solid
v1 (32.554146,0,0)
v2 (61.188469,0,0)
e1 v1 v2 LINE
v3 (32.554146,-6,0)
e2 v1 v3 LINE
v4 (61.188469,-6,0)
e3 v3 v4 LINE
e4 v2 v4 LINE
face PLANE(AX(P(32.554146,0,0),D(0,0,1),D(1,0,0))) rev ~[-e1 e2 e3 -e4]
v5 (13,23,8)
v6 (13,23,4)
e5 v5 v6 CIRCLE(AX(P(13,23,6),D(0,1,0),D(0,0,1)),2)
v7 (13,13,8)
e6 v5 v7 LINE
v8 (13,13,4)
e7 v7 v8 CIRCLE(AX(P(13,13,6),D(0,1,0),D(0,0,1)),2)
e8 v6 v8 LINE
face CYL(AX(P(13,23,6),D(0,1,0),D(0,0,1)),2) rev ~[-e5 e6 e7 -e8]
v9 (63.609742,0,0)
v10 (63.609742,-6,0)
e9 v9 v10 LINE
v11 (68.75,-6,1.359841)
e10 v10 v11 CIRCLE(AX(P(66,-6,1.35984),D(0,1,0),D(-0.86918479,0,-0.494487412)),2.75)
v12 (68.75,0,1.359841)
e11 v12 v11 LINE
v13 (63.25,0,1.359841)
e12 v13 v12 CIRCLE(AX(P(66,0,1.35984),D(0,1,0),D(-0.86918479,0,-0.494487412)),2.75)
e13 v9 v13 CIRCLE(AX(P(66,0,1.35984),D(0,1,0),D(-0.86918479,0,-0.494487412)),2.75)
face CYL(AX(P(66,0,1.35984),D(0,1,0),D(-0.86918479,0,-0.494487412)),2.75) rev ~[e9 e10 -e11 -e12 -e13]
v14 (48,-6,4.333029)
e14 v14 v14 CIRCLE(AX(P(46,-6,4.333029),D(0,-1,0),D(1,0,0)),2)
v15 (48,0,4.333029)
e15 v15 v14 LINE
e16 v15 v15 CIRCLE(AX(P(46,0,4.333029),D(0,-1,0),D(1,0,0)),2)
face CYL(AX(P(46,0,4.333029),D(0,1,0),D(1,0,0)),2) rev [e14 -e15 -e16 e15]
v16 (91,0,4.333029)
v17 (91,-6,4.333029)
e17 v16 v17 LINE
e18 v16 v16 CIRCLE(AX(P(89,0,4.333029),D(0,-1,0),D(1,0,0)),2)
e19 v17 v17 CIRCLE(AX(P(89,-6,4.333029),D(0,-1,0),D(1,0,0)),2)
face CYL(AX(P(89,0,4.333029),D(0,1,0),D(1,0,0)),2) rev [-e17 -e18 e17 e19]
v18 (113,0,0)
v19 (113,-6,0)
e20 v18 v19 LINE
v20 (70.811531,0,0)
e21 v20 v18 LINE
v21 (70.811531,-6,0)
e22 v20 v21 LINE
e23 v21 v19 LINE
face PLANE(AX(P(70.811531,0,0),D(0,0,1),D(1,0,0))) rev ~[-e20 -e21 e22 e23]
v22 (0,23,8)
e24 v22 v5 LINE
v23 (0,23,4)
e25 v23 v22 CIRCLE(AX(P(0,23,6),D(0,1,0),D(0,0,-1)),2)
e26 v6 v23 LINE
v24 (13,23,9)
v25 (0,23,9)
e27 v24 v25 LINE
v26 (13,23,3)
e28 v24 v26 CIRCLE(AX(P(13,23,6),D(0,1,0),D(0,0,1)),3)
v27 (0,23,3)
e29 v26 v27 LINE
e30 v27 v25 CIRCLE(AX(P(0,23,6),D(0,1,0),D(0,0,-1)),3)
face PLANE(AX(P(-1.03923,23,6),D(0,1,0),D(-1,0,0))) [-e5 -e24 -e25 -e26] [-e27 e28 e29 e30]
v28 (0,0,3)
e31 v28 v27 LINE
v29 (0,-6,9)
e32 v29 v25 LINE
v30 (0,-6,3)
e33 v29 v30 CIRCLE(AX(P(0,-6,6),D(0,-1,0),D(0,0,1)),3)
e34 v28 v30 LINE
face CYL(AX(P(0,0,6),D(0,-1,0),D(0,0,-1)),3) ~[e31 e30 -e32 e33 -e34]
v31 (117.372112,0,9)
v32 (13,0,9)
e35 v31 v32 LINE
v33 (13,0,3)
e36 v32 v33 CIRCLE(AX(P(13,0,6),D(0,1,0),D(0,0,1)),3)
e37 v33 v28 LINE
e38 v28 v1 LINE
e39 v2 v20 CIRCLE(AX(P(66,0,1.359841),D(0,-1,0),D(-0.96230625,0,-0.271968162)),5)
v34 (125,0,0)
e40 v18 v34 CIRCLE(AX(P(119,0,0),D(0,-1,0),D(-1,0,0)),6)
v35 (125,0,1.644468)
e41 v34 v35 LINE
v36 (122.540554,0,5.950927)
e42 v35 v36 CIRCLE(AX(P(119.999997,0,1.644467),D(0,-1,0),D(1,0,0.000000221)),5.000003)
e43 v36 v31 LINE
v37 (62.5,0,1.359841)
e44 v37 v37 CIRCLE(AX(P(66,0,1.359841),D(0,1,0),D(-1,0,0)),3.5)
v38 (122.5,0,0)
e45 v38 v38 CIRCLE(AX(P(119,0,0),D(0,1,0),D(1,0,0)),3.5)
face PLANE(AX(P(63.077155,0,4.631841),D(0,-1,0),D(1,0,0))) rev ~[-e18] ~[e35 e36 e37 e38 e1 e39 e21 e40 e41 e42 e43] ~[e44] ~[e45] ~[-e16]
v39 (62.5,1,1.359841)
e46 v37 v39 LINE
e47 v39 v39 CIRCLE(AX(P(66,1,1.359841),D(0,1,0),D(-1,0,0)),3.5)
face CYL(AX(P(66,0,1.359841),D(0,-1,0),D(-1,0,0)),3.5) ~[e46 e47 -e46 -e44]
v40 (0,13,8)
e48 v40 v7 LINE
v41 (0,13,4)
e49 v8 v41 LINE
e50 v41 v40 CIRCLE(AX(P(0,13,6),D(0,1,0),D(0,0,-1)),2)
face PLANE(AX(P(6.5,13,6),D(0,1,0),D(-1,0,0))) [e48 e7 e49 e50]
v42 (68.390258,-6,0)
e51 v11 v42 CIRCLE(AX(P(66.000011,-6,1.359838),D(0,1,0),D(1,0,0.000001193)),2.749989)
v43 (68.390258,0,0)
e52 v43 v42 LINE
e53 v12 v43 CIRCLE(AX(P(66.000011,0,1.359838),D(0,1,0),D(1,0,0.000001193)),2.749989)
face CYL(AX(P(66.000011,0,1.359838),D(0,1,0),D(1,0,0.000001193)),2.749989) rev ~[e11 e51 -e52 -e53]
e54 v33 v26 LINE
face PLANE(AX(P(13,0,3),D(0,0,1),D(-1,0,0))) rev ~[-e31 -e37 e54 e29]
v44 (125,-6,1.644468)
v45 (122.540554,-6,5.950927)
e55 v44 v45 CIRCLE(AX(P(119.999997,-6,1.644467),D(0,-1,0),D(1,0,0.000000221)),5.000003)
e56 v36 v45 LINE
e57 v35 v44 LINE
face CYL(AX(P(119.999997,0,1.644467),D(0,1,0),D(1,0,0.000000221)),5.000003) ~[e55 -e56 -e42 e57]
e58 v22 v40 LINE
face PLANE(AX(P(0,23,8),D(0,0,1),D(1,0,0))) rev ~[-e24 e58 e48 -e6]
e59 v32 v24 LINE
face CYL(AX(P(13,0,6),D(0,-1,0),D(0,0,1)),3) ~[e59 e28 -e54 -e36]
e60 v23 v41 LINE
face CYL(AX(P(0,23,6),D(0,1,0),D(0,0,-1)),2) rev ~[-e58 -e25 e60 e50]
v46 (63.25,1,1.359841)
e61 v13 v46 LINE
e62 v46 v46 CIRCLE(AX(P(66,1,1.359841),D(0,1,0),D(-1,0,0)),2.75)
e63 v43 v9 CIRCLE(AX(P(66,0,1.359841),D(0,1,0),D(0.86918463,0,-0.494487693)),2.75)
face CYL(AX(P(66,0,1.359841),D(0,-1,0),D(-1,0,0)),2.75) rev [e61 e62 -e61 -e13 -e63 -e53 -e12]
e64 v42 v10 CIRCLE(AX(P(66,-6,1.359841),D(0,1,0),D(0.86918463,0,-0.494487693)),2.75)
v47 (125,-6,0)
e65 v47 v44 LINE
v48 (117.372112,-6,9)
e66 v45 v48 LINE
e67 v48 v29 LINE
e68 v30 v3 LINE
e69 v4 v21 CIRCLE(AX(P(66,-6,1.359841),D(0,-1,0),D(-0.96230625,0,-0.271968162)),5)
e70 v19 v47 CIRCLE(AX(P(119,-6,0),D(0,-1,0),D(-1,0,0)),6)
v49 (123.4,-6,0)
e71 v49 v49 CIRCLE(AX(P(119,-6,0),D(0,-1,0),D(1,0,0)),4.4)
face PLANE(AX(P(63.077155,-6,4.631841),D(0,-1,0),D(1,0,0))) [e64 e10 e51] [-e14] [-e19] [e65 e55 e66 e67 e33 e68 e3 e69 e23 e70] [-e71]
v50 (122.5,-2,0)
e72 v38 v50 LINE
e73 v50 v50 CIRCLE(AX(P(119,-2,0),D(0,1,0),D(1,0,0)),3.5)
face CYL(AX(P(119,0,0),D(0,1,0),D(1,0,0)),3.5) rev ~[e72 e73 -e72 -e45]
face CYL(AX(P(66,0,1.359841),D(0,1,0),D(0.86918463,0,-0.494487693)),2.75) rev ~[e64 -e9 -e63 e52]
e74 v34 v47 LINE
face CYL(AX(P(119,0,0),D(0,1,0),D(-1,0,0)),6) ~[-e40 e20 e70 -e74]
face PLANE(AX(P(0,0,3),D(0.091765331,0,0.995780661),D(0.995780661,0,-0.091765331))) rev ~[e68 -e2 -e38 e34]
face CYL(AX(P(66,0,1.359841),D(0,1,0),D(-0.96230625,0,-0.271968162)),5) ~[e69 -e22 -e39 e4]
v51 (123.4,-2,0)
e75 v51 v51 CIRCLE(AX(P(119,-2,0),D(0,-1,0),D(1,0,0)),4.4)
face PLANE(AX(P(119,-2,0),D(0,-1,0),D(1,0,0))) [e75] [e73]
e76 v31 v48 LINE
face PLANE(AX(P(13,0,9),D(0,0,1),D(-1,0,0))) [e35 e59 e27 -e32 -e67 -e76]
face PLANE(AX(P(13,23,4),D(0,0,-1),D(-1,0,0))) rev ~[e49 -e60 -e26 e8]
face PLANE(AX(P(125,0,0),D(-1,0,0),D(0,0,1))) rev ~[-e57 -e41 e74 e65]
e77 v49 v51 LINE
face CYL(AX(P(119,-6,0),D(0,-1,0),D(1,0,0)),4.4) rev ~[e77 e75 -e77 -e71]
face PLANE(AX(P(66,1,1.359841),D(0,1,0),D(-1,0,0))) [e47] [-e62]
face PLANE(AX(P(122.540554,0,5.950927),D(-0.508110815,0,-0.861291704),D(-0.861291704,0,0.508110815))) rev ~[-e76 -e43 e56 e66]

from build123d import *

# Parameters (mm, degrees)
F0_R     = 2
F1_DEPTH = 6
F2_R     = 3.5
F2_R_2   = 2.75
F3_DEPTH = 1
F4_R     = 4.4
F5_DEPTH = 4
F6_W     = 13
F6_H     = 6
F7_DEPTH = 23
F9_DEPTH = 10


with BuildPart() as f1:
    # F0 (on Front) → F1 (new body)
    with BuildSketch(Plane.XZ):
        with BuildLine():
            Line((0, 3), (32.554146, 0))
            Line((32.554146, 0), (61.188469, 0))
            Line((61.188469, 0), (63.609742, 0))
            ThreePointArc((63.609742, 0), (65.29669, 4.018384), (68.75, 1.359841))
            ThreePointArc((68.75, 1.359841), (68.658544, 0.65653), (68.390258, 0))
            Line((68.390258, 0), (70.811531, 0))
            Line((70.811531, 0), (113, 0))
            Line((113, 0), (115.5, 0))
            ThreePointArc((115.5, 0), (119, 3.5), (122.5, 0))
            Line((122.5, 0), (125, 0))
            Line((125, 0), (125, 1.644468))
            ThreePointArc((125, 1.644468), (124.341818, 4.124108), (122.540554, 5.950927))
            Line((122.540554, 5.950927), (117.372112, 9))
            Line((117.372112, 9), (0, 9))
            Line((0, 9), (0, 3))
        make_face()
        with Locations((46, 4.333029)):
            Circle(F0_R, mode=Mode.SUBTRACT)
        with Locations((89, 4.333029)):
            Circle(F0_R, mode=Mode.SUBTRACT)
        with BuildLine():
            Line((63.609742, 0), (61.188469, 0))
            ThreePointArc((61.188469, 0), (66, -3.640159), (70.811531, 0))
            Line((70.811531, 0), (68.390258, 0))
            ThreePointArc((68.390258, 0), (66, -1.390159), (63.609742, 0))
        make_face()
        with BuildLine():
            ThreePointArc((0, 9), (-3, 6), (0, 3))
            Line((0, 3), (0, 9))
        make_face()
        with BuildLine():
            Line((115.5, 0), (113, 0))
            ThreePointArc((113, 0), (119, -6), (125, 0))
            Line((125, 0), (122.5, 0))
            ThreePointArc((122.5, 0), (119, -3.5), (115.5, 0))
        make_face()
    extrude(amount=F1_DEPTH)

    # F2 (on face) → F3 (join)
    with BuildSketch(Plane(origin=(0, 0, 0), x_dir=(-1, 0, 0), z_dir=(0, 1, 0))):
        with Locations((-66, 1.359841)):
            Circle(F2_R)
        with Locations((-66, 1.359841)):
            Circle(F2_R_2, mode=Mode.SUBTRACT)
    extrude(amount=F3_DEPTH)

    # F4 (on face) → F5 (cut)
    with BuildSketch(Plane.XZ.offset(6)):
        with Locations((119, 0)):
            Circle(F4_R)
    extrude(amount=-F5_DEPTH, mode=Mode.SUBTRACT)

    # F6 (on face) → F7 (join)
    with BuildSketch(Plane(origin=(0, 0, 0), x_dir=(-1, 0, 0), z_dir=(0, 1, 0))):
        with BuildLine():
            Line((0, 9), (0, 3))
            ThreePointArc((0, 3), (3, 6), (0, 9))
        make_face()
        with Locations((-6.5, 6)):
            Rectangle(F6_W, F6_H)
        with BuildLine():
            ThreePointArc((-13, 9), (-16, 6), (-13, 3))
            Line((-13, 3), (-13, 9))
        make_face()
    extrude(amount=F7_DEPTH)

    # F8 (on face) → F9 (cut)
    with BuildSketch(Plane(origin=(0, 23, 0), x_dir=(-1, 0, 0), z_dir=(0, 1, 0))):
        with BuildLine():
            Line((0, 8), (-13, 8))
            ThreePointArc((-13, 8), (-15, 6), (-13, 4))
            Line((-13, 4), (0, 4))
            ThreePointArc((0, 4), (2, 6), (0, 8))
        make_face()
    extrude(amount=-F9_DEPTH, mode=Mode.SUBTRACT)


solid = f1.part
